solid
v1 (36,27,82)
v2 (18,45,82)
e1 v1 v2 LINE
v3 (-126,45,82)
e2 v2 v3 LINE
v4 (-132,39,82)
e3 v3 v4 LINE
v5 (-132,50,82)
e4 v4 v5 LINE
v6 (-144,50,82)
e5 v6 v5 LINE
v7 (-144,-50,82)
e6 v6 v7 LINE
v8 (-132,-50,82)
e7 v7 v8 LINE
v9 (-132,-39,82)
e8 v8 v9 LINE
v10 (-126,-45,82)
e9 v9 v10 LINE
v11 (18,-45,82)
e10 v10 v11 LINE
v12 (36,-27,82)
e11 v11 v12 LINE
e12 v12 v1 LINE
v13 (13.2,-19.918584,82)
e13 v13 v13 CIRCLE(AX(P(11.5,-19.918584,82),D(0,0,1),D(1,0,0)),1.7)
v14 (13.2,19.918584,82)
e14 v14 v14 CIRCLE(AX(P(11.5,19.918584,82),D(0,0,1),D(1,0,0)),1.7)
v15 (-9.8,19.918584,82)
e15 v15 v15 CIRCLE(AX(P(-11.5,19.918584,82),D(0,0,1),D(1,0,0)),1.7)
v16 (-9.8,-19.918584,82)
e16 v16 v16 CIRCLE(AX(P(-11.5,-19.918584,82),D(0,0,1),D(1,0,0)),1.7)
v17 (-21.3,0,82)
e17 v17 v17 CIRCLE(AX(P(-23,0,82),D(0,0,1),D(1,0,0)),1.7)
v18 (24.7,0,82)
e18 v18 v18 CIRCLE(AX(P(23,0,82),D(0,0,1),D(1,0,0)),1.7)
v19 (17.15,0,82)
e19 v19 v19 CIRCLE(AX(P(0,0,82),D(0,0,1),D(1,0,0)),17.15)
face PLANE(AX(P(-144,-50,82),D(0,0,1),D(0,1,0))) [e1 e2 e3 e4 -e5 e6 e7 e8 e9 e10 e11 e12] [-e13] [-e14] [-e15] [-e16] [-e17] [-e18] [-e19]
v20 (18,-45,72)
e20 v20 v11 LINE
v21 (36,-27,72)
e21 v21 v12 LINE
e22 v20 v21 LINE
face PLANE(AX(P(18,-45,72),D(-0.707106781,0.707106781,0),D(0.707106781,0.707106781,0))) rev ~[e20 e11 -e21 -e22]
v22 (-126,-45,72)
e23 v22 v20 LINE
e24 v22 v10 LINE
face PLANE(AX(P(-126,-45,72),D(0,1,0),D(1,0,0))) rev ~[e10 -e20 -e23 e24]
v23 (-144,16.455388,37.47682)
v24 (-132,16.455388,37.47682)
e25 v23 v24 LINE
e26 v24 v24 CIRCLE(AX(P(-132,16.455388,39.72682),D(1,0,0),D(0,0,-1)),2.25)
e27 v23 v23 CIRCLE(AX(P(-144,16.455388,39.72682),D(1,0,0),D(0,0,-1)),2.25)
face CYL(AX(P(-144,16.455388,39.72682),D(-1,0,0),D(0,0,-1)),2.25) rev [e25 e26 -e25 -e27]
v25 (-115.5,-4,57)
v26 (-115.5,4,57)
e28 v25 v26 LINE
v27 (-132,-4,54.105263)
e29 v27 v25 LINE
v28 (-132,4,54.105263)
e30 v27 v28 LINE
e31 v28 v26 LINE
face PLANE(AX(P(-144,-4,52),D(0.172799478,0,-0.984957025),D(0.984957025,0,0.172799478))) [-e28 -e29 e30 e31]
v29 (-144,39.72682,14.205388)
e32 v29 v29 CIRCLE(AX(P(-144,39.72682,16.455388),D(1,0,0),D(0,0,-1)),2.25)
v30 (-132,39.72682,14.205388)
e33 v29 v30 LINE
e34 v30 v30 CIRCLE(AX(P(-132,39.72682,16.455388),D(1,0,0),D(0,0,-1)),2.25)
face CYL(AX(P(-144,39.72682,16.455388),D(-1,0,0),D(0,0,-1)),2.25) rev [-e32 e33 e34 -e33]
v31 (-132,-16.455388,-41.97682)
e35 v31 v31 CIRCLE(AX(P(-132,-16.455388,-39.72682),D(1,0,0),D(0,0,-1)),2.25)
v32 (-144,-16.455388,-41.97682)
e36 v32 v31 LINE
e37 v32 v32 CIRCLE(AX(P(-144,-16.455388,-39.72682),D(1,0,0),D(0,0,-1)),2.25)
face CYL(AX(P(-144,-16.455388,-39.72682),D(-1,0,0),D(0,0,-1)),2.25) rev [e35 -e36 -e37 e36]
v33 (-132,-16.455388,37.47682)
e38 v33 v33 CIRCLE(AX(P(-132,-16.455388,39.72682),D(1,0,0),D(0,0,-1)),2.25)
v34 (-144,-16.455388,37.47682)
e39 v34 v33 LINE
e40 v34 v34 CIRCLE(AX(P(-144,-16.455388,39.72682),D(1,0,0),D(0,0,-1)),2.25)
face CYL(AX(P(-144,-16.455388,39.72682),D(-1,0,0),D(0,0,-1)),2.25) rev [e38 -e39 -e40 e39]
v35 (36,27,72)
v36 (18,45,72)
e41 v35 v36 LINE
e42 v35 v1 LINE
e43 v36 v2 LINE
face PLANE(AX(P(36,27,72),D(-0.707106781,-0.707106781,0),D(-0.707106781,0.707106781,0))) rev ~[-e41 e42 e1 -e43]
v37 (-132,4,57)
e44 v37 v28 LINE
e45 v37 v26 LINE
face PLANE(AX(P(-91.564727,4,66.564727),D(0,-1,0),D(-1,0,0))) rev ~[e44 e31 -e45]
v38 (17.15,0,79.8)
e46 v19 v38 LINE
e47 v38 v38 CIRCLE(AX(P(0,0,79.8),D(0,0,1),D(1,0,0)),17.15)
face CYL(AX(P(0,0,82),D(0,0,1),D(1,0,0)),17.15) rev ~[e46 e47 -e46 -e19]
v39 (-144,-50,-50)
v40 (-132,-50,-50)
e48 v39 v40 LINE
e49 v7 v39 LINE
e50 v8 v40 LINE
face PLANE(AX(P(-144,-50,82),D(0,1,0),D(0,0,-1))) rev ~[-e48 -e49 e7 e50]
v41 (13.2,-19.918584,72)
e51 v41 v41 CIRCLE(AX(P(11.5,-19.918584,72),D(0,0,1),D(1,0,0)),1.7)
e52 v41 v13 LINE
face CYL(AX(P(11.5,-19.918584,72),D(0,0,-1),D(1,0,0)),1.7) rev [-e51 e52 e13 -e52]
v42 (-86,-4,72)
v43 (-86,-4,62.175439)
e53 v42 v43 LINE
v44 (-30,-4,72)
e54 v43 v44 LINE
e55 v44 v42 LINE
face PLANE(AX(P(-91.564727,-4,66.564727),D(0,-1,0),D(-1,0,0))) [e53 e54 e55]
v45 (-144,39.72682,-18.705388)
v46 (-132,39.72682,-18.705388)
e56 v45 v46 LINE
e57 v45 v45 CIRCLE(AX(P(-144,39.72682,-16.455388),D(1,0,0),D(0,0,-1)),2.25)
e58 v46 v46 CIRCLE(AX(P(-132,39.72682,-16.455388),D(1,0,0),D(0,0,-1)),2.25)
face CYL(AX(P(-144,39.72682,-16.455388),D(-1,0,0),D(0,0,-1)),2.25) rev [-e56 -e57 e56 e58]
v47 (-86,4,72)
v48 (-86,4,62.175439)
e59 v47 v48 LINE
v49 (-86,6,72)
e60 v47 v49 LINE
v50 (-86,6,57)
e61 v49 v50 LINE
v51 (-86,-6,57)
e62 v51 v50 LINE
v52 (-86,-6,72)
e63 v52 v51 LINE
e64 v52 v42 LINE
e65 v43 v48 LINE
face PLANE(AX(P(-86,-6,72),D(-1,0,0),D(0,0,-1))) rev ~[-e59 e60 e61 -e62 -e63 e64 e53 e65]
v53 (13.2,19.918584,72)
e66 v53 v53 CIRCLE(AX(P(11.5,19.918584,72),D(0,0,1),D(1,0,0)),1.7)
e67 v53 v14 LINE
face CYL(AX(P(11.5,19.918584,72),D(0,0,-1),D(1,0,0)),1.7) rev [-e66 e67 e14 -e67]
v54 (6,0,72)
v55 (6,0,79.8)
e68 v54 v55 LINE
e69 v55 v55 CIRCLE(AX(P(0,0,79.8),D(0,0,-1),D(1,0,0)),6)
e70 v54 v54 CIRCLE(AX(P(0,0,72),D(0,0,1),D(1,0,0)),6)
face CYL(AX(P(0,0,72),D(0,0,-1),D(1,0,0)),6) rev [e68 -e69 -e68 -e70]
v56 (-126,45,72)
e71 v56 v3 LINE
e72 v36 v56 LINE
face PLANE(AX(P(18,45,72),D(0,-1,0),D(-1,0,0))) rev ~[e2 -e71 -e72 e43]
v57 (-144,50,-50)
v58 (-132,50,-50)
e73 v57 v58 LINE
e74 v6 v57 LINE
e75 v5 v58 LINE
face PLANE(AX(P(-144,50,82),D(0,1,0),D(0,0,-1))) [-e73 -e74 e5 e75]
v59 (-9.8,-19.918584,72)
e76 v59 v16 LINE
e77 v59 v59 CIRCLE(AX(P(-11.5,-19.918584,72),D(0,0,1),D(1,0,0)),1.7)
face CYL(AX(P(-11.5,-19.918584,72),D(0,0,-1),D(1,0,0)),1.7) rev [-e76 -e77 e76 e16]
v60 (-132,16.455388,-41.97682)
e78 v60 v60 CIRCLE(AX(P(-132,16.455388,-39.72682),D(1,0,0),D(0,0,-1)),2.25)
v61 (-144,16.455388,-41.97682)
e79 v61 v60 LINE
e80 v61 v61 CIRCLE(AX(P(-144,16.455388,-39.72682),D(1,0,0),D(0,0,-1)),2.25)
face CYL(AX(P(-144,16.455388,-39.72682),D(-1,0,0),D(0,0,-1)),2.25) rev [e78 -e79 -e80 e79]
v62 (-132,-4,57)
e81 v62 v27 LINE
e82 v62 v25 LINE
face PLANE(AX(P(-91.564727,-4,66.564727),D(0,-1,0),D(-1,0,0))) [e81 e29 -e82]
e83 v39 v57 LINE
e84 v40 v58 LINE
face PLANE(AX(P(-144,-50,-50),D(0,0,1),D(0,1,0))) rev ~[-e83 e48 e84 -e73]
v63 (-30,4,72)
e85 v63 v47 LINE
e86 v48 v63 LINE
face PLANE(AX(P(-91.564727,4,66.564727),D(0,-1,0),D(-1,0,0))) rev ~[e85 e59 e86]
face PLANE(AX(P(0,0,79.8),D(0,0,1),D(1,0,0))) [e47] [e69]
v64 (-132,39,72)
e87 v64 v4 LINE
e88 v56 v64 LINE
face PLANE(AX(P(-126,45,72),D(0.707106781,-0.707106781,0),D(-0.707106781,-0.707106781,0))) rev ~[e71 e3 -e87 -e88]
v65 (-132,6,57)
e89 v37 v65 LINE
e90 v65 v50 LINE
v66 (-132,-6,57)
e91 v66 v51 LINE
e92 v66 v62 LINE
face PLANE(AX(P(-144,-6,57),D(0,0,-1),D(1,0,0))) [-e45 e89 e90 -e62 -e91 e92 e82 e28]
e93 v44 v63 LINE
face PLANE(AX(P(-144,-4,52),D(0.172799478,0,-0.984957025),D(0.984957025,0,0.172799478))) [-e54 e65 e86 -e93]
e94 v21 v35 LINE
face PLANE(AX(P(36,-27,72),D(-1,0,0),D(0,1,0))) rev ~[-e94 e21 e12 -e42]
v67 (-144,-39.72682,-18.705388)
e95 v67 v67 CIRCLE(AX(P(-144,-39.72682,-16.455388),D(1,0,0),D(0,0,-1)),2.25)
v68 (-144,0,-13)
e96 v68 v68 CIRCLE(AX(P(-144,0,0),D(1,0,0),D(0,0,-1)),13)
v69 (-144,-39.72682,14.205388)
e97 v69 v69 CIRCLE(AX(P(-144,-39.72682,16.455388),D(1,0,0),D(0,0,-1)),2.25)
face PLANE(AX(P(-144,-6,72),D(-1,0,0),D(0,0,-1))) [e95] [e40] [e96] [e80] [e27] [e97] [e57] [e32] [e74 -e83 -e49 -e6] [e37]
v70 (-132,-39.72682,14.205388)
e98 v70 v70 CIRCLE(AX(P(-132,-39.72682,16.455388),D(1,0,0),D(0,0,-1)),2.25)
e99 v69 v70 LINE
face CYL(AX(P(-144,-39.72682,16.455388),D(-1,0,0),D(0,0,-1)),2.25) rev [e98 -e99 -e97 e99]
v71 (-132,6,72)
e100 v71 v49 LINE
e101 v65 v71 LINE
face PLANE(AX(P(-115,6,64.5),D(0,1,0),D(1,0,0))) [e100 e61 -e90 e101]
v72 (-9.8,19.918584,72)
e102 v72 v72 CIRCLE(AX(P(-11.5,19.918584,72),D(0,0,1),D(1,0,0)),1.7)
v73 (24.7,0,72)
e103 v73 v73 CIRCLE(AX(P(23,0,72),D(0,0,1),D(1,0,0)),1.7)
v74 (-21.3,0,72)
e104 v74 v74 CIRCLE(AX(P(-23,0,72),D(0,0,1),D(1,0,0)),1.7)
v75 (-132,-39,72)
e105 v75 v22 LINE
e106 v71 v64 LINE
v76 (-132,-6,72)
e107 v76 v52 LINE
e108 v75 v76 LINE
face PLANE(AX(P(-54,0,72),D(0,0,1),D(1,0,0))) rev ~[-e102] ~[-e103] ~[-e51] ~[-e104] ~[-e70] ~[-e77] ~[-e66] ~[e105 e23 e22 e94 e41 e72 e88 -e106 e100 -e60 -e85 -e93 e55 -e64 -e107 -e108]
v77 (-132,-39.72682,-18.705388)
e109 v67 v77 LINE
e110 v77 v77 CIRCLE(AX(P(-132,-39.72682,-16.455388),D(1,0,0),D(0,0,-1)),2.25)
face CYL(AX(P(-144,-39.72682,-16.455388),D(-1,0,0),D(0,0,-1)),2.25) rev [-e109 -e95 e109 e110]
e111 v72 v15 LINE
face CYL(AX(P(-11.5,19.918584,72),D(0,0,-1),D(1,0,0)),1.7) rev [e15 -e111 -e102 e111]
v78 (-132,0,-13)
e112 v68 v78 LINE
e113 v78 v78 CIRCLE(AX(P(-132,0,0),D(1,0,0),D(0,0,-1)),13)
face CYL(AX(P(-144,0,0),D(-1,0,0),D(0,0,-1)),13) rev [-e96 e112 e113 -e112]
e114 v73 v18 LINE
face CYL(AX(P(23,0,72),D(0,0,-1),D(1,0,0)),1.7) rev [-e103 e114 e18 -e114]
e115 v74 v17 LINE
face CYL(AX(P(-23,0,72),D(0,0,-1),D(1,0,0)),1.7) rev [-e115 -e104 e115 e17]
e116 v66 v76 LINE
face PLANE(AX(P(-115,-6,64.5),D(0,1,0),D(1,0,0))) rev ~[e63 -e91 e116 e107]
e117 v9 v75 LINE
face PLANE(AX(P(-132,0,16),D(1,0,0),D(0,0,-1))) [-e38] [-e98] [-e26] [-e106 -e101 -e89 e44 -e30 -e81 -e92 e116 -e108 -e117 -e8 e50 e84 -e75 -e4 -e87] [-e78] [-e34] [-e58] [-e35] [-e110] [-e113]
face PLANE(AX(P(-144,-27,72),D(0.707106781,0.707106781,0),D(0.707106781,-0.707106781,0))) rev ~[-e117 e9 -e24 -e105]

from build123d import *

# Parameters (mm, degrees)
SK_TOP_PLATE_R         = 1.7
SK_TOP_PLATE_R_2       = 6
TOP_PLATE_DEPTH        = 10
SK_YAW_PILOT_RECESS_R  = 17.15
YAW_PILOT_RECESS_DEPTH = 2.2
SK_BACK_PLATE_W        = 132
SK_BACK_PLATE_H        = 100
SK_BACK_PLATE_R        = 2.25
SK_BACK_PLATE_R_2      = 13
BACK_PLATE_DEPTH       = 12
RIB_DEPTH              = 8
SK_KEEL_W              = 58
SK_KEEL_H              = 15
KEEL_DEPTH             = 12


with BuildPart() as part:
    # SK_Top_Plate → Top_Plate (new body)
    with BuildSketch(Plane.XY.offset(72)):
        Polygon((-126, -45), (18, -45), (36, -27), (36, 27), (18, 45), (-126, 45), (-144, 27), (-144, -27), align=None)
        with Locations((23, 0)):
            Circle(SK_TOP_PLATE_R, mode=Mode.SUBTRACT)
        with Locations((11.5, 19.918584287)):
            Circle(SK_TOP_PLATE_R, mode=Mode.SUBTRACT)
        with Locations((-11.5, 19.918584287)):
            Circle(SK_TOP_PLATE_R, mode=Mode.SUBTRACT)
        with Locations((-23, 0)):
            Circle(SK_TOP_PLATE_R, mode=Mode.SUBTRACT)
        with Locations((-11.5, -19.918584287)):
            Circle(SK_TOP_PLATE_R, mode=Mode.SUBTRACT)
        with Locations((11.5, -19.918584287)):
            Circle(SK_TOP_PLATE_R, mode=Mode.SUBTRACT)
        Circle(SK_TOP_PLATE_R_2, mode=Mode.SUBTRACT)
    extrude(amount=TOP_PLATE_DEPTH)

    # SK_Yaw_Pilot_Recess → Yaw_Pilot_Recess (cut)
    with BuildSketch(Plane.XY.offset(82)):
        Circle(SK_YAW_PILOT_RECESS_R)
    extrude(amount=-YAW_PILOT_RECESS_DEPTH, mode=Mode.SUBTRACT)

    # SK_Back_Plate → Back_Plate (add)
    with BuildSketch(Plane(origin=(-144, 0, 0), x_dir=(0, 0, -1), z_dir=(1, 0, 0))):
        with Locations((-16, 0)):
            Rectangle(SK_BACK_PLATE_W, SK_BACK_PLATE_H)
        with Locations((39.726819898, 16.455387592)):
            Circle(SK_BACK_PLATE_R, mode=Mode.SUBTRACT)
        with Locations((16.455387592, 39.726819898)):
            Circle(SK_BACK_PLATE_R, mode=Mode.SUBTRACT)
        with Locations((-16.455387592, 39.726819898)):
            Circle(SK_BACK_PLATE_R, mode=Mode.SUBTRACT)
        with Locations((-39.726819898, 16.455387592)):
            Circle(SK_BACK_PLATE_R, mode=Mode.SUBTRACT)
        with Locations((-39.726819898, -16.455387592)):
            Circle(SK_BACK_PLATE_R, mode=Mode.SUBTRACT)
        with Locations((-16.455387592, -39.726819898)):
            Circle(SK_BACK_PLATE_R, mode=Mode.SUBTRACT)
        with Locations((16.455387592, -39.726819898)):
            Circle(SK_BACK_PLATE_R, mode=Mode.SUBTRACT)
        with Locations((39.726819898, -16.455387592)):
            Circle(SK_BACK_PLATE_R, mode=Mode.SUBTRACT)
        Circle(SK_BACK_PLATE_R_2, mode=Mode.SUBTRACT)
    extrude(amount=BACK_PLATE_DEPTH)

    # SK_Rib → Rib (add)
    with BuildSketch(Plane(origin=(0, -4, 0), x_dir=(1, 0, 0), z_dir=(0, 1, 0))):
        Polygon((-144, -52), (-30, -72), (-144, -72), align=None)
    extrude(amount=RIB_DEPTH)

    # SK_Keel → Keel (add)
    with BuildSketch(Plane(origin=(0, -6, 0), x_dir=(1, 0, 0), z_dir=(0, 1, 0))):
        with Locations((-115, -64.5)):
            Rectangle(SK_KEEL_W, SK_KEEL_H)
    extrude(amount=KEEL_DEPTH)


solid = part.part
